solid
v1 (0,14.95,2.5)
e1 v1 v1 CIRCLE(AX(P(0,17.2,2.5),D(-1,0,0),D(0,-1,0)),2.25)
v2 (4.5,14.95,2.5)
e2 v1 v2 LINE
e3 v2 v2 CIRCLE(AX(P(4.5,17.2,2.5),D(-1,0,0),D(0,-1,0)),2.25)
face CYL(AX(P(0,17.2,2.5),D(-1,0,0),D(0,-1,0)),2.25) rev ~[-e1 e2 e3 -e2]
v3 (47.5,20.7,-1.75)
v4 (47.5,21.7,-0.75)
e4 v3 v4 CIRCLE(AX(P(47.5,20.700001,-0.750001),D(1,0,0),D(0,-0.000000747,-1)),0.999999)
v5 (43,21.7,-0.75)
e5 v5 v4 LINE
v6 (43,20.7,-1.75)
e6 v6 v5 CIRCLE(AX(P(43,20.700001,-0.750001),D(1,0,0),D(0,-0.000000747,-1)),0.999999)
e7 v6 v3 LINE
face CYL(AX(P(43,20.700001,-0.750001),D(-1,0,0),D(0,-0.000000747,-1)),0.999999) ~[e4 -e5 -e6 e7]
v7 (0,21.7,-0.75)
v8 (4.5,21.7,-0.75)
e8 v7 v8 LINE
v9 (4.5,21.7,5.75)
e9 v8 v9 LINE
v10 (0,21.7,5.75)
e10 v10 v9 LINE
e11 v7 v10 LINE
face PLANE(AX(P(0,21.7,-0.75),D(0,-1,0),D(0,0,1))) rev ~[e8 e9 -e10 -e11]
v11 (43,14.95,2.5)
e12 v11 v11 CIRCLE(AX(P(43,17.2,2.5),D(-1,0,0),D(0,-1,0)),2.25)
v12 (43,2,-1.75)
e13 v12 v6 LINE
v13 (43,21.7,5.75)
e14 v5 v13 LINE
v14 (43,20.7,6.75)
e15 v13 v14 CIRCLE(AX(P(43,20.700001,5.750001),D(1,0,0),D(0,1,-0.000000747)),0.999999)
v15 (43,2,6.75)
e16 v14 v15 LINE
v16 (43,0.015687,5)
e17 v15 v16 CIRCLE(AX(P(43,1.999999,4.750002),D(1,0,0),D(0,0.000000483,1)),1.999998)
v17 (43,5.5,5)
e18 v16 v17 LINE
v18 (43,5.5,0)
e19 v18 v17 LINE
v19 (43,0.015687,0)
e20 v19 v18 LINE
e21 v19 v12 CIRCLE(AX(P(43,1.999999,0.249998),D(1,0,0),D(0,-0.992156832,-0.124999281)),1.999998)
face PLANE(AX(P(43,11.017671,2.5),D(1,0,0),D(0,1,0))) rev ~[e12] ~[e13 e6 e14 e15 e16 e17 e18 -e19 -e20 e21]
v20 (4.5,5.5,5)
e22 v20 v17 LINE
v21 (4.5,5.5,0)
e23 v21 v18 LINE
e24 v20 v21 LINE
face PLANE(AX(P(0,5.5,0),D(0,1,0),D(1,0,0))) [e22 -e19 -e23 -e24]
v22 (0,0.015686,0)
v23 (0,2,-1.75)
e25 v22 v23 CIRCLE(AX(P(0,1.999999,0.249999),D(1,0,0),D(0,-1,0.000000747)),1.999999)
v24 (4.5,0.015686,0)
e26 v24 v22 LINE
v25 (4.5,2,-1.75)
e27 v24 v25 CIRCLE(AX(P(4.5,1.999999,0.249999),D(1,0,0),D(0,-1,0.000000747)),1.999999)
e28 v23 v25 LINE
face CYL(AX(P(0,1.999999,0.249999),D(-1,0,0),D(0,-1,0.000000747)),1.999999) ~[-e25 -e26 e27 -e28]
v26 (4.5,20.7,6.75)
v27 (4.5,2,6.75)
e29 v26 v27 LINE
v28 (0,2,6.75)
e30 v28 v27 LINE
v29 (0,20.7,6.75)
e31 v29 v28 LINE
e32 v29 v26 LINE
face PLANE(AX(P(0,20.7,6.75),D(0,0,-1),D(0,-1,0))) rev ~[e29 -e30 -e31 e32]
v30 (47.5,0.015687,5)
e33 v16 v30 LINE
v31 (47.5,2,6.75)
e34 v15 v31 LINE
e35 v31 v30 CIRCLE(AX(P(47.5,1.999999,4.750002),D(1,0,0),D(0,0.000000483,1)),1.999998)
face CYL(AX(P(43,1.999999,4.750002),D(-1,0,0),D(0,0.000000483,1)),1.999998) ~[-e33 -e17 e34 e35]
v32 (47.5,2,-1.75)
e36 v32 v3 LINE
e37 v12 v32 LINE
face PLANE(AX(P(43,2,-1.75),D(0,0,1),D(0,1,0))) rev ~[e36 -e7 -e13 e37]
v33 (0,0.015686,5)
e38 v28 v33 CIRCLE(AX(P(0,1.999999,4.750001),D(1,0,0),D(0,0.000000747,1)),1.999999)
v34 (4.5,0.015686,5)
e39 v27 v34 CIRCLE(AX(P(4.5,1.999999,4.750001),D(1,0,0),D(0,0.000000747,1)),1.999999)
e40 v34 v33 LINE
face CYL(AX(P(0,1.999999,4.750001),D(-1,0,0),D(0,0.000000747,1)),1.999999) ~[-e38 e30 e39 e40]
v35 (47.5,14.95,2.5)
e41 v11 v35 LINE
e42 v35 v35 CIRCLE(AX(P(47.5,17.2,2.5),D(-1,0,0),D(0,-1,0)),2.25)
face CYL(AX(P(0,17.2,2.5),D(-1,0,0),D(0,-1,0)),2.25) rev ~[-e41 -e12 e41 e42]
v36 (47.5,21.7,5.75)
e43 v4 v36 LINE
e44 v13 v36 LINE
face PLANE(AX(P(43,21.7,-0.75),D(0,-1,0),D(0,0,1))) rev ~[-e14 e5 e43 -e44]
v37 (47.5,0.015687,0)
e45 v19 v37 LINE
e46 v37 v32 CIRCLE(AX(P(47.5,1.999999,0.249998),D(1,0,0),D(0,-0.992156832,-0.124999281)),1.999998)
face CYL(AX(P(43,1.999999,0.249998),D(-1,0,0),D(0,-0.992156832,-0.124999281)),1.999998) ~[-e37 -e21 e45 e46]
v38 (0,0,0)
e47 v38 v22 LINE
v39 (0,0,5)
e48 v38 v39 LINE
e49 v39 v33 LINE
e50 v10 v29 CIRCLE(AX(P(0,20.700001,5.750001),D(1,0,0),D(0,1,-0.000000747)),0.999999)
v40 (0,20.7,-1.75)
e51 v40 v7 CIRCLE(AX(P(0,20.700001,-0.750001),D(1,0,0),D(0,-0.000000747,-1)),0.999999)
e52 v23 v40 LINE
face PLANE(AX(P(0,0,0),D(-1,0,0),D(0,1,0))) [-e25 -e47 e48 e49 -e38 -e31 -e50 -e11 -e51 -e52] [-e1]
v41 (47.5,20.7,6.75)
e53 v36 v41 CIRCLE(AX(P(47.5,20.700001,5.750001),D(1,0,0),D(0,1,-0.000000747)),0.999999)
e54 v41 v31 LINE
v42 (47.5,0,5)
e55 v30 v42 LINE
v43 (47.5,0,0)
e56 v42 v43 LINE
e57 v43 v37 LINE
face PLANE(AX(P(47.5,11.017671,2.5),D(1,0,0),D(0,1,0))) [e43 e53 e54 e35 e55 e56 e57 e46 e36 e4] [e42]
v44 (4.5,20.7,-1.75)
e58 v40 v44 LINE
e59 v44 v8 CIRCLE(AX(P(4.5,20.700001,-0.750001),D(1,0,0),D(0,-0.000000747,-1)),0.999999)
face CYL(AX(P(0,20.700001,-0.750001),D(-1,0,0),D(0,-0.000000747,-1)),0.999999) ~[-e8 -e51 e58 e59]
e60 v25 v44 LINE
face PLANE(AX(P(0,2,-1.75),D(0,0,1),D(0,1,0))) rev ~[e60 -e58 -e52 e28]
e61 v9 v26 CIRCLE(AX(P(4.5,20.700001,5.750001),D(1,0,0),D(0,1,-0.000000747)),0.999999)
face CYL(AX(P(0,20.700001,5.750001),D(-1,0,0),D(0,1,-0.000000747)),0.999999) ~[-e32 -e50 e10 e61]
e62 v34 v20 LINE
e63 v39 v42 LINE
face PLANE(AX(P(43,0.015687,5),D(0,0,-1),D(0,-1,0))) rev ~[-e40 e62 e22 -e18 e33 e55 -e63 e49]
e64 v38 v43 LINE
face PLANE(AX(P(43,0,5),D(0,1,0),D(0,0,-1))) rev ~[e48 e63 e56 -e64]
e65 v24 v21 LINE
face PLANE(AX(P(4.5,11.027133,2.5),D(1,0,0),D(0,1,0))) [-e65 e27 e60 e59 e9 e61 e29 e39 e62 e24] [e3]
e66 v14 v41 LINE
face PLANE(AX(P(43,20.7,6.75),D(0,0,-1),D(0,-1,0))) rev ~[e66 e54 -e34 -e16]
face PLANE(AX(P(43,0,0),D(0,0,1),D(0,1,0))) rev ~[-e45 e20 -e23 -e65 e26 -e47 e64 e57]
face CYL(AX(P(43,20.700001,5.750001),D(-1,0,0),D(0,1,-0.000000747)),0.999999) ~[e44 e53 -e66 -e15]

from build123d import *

# Parameters (mm, degrees)
F0_W     = 43
F0_H     = 5.5
F1_DEPTH = 5
F3_DEPTH = 4.5
F5_DEPTH = 4.5
F6_R     = 2.25
F7_DEPTH = 47.501


with BuildPart() as f1:
    # F0 (on Top) → F1 (new body)
    with BuildSketch(Plane.XY):
        with Locations((21.5, 2.75)):
            Rectangle(F0_W, F0_H)
    extrude(amount=F1_DEPTH)

    # F2 (on Right) → F3 (join)
    with BuildSketch(Plane.YZ):
        with BuildLine():
            ThreePointArc((0, 0.25), (0.585786, -1.164214), (2, -1.75))
            Line((2, -1.75), (20.7, -1.75))
            ThreePointArc((20.7, -1.75), (21.407107, -1.457107), (21.7, -0.75))
            Line((21.7, -0.75), (21.7, 5.75))
            ThreePointArc((21.7, 5.75), (21.407107, 6.457107), (20.7, 6.75))
            Line((20.7, 6.75), (2, 6.75))
            ThreePointArc((2, 6.75), (0.585786, 6.164214), (0, 4.75))
            Line((0, 4.75), (0, 0.25))
        make_face()
    extrude(amount=F3_DEPTH)

    # F4 (on face) → F5 (join)
    with BuildSketch(Plane.YZ.offset(43)):
        with BuildLine():
            Line((0.015687, 5), (0, 5))
            Line((0, 5), (0, 0))
            Line((0, 0), (0.015687, 0))
            ThreePointArc((0.015687, 0), (0.677124, -1.25), (2, -1.75))
            Line((2, -1.75), (20.7, -1.75))
            ThreePointArc((20.7, -1.75), (21.407107, -1.457107), (21.7, -0.75))
            Line((21.7, -0.75), (21.7, 5.75))
            ThreePointArc((21.7, 5.75), (21.407107, 6.457107), (20.7, 6.75))
            Line((20.7, 6.75), (2, 6.75))
            ThreePointArc((2, 6.75), (0.677124, 6.25), (0.015687, 5))
        make_face()
    extrude(amount=F5_DEPTH)

    # F6 (on face) → F7 (cut, through all)
    with BuildSketch(Plane(origin=(0, 0, 0), x_dir=(0, -1, 0), z_dir=(-1, 0, 0))):
        with Locations((-17.2, 2.5)):
            Circle(F6_R)
    extrude(amount=-F7_DEPTH, mode=Mode.SUBTRACT)


solid = f1.part
